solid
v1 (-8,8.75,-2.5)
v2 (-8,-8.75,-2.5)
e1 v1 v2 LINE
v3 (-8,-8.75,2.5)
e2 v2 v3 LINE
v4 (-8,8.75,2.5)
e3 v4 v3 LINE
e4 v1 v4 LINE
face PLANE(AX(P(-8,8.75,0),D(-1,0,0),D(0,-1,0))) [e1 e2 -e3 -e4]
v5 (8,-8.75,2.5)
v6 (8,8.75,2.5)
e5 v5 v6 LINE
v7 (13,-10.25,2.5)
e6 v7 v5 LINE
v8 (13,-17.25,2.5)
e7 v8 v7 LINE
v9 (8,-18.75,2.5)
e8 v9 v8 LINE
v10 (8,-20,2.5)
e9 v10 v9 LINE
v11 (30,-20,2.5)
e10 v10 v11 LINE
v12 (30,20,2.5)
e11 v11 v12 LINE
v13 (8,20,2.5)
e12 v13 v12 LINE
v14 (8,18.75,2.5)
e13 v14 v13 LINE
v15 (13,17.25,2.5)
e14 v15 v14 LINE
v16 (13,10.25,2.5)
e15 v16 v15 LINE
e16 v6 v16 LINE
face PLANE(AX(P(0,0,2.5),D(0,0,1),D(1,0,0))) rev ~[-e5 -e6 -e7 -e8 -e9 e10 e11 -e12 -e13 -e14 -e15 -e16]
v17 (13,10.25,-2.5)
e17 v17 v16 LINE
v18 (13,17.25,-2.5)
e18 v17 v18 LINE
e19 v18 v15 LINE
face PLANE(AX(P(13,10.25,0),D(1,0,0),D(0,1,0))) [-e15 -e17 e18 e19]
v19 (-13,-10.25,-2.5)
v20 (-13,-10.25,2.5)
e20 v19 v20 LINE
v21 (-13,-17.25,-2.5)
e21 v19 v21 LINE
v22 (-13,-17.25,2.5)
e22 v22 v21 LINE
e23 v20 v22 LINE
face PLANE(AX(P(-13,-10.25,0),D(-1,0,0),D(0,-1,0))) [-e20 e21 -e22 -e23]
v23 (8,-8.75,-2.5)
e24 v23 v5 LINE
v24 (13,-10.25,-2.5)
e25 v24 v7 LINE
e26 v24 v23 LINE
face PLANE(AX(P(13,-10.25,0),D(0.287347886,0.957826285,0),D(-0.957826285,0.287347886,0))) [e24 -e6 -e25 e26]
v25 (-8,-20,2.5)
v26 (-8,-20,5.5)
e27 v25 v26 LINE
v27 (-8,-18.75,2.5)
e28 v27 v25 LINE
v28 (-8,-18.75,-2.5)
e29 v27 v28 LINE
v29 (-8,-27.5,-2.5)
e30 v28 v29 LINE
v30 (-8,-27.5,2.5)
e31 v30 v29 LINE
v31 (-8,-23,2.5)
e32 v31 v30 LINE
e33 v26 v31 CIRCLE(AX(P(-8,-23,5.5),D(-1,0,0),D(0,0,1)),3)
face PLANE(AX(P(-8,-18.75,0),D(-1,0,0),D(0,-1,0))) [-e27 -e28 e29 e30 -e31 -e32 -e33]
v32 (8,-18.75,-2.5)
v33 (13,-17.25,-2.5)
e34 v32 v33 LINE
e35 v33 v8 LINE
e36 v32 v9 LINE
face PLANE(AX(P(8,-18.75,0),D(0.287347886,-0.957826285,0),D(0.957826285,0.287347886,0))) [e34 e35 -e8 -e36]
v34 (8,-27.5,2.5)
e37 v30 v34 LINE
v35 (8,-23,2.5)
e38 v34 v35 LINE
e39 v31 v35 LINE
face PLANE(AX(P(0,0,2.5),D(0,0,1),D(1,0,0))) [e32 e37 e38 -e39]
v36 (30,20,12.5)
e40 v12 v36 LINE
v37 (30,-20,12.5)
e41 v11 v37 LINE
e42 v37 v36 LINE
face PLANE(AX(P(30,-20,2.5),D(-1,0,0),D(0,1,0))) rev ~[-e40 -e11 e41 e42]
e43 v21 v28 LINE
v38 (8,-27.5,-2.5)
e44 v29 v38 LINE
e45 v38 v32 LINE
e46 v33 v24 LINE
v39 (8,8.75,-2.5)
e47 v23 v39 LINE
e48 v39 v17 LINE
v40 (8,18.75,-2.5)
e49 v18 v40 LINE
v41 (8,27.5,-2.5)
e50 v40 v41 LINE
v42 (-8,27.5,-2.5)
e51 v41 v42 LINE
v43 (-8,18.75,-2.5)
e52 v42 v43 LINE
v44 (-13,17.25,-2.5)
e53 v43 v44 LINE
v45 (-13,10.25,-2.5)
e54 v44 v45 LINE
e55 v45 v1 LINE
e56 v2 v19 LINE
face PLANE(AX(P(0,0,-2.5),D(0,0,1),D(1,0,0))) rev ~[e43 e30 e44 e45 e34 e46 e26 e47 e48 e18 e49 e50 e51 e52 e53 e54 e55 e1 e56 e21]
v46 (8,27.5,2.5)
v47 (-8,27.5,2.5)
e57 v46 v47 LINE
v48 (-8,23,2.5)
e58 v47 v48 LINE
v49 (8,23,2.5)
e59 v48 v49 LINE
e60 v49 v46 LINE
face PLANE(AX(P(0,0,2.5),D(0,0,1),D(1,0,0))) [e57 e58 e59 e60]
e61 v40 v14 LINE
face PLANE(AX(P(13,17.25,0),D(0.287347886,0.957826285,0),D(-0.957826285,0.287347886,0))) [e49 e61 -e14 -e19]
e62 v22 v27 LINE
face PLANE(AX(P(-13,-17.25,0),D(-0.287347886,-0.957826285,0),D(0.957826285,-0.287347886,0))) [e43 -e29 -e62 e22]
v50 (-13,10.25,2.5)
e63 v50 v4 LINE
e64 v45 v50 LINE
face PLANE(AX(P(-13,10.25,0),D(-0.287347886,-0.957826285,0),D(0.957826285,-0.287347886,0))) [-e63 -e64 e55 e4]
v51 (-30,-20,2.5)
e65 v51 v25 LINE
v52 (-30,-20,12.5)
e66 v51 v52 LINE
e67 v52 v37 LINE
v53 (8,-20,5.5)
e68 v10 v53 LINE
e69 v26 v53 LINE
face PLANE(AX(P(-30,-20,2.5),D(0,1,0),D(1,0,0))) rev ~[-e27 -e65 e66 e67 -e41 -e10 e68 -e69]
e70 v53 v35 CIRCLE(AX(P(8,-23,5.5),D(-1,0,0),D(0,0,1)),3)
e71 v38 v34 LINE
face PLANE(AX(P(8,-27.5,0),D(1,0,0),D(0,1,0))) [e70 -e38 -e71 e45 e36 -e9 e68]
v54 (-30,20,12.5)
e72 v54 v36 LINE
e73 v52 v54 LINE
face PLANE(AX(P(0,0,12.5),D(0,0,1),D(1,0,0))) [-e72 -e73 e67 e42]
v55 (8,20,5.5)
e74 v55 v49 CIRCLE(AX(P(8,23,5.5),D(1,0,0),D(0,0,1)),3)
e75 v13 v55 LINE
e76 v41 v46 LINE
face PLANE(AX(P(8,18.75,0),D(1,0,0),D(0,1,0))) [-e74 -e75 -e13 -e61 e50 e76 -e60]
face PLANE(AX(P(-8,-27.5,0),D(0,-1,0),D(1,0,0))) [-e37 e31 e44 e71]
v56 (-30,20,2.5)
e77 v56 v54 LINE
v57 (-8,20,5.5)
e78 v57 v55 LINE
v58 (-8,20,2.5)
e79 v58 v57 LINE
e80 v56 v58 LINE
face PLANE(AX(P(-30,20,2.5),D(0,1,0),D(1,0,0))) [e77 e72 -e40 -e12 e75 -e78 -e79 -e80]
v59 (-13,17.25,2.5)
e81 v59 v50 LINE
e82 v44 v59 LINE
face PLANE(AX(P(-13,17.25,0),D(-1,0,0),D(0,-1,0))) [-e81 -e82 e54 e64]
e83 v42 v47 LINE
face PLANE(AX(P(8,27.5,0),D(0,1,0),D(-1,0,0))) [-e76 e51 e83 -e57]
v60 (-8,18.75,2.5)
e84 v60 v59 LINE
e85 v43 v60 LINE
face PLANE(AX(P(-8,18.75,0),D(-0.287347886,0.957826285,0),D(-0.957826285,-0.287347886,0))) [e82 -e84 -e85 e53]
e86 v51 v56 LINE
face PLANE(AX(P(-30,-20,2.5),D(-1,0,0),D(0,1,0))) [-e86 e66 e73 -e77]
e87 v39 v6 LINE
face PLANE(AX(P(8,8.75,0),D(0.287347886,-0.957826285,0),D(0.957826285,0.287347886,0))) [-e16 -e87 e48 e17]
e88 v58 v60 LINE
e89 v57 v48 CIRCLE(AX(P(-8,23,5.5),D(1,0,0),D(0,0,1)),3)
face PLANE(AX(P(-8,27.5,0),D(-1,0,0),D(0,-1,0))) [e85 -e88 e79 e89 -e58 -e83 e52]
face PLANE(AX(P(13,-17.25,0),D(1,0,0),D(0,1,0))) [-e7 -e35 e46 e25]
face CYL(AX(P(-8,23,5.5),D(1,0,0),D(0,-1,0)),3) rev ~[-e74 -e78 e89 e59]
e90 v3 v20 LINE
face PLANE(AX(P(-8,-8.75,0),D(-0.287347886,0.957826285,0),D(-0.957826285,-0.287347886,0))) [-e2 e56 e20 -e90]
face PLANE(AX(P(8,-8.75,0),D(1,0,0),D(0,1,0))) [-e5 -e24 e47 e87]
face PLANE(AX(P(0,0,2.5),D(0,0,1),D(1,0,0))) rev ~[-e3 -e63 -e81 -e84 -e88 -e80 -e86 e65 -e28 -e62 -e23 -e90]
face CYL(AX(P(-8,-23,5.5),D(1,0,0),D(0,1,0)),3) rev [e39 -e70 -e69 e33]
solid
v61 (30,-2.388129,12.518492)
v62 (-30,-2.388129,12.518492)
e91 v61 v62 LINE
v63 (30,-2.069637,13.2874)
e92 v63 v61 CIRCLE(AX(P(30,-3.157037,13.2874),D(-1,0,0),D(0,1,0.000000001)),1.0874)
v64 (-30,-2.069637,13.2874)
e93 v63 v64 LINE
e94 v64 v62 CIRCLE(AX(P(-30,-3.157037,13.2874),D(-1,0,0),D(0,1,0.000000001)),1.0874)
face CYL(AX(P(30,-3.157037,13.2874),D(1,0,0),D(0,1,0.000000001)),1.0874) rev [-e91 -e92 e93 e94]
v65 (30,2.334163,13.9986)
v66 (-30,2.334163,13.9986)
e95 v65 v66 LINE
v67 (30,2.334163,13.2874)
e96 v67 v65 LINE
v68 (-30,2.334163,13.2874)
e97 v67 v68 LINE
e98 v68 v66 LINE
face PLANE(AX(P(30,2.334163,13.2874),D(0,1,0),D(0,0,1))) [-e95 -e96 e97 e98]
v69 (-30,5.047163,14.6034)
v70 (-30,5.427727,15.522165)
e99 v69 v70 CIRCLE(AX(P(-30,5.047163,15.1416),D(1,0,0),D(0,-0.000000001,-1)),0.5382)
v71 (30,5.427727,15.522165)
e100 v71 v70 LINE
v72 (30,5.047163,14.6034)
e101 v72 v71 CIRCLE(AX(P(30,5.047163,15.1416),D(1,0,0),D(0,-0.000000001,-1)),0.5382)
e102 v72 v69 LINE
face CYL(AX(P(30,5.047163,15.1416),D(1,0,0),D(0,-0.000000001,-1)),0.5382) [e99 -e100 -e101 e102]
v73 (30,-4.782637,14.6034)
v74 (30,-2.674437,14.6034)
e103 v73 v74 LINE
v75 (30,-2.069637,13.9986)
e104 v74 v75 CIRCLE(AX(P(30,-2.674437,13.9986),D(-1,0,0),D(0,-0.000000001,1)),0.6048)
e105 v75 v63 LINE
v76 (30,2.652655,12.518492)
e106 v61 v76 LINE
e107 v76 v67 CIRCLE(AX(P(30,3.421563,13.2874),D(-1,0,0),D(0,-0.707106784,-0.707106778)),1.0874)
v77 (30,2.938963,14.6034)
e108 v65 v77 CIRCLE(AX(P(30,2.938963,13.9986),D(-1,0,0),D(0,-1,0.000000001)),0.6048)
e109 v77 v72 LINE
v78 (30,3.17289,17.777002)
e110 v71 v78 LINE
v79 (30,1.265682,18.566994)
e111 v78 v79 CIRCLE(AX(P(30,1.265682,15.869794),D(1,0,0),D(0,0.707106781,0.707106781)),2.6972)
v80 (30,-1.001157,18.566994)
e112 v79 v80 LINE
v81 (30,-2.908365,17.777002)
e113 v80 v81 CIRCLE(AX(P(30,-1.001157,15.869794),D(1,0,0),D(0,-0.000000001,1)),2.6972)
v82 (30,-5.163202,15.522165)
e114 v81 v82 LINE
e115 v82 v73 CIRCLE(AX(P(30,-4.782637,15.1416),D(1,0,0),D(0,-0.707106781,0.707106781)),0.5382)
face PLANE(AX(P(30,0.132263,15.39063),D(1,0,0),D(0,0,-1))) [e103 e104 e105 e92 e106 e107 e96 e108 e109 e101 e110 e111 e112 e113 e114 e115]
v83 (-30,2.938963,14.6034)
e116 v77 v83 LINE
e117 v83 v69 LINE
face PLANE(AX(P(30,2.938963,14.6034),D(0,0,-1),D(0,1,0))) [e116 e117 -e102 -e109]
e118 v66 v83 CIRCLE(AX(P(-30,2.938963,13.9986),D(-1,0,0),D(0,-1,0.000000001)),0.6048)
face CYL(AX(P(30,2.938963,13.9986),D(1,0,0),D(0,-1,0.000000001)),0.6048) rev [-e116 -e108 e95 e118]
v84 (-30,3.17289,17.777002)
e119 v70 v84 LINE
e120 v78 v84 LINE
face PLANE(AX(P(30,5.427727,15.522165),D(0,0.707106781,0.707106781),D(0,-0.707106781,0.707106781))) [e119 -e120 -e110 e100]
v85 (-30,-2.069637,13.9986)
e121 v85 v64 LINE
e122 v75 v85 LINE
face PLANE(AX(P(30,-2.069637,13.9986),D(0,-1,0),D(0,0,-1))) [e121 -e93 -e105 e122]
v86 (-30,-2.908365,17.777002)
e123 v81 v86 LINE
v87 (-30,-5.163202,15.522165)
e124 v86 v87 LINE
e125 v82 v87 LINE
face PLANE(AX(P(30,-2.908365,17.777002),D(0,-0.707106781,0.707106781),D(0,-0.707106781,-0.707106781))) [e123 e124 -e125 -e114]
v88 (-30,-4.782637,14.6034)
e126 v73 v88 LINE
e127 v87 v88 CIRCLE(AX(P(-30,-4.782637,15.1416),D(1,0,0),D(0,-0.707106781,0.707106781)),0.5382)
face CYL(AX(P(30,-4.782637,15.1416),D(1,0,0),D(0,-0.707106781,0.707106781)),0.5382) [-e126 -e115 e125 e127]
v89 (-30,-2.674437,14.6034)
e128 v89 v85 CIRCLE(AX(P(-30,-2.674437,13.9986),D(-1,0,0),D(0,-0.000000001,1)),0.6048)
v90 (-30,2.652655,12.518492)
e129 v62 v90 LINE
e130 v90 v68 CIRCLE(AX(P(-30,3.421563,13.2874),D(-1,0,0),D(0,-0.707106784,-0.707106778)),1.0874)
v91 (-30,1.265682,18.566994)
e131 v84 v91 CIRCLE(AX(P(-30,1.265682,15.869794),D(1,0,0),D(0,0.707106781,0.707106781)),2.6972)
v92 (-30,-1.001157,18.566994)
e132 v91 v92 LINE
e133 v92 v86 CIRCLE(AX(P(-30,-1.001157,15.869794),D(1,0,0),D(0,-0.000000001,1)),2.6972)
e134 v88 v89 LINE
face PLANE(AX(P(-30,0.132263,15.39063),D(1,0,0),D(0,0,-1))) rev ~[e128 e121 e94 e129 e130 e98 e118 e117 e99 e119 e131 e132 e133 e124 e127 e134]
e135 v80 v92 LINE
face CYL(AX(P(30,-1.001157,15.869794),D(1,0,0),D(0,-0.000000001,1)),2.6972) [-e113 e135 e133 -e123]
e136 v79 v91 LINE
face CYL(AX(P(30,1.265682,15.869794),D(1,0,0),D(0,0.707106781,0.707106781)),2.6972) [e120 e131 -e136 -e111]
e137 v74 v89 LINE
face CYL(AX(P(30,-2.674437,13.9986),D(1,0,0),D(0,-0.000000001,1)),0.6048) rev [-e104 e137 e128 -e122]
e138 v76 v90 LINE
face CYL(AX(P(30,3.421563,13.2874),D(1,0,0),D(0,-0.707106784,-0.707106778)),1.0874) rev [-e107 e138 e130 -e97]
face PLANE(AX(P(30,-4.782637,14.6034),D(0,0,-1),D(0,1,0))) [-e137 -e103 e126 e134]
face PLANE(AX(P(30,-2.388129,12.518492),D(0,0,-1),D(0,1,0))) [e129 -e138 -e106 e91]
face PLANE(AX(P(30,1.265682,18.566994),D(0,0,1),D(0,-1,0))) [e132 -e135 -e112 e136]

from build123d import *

# Parameters (mm, degrees)
BOSS_EXTRUDE1_DEPTH = 2.5
SKETCH3_W           = 60
SKETCH3_H           = 40
BOSS_EXTRUDE2_DEPTH = 10
BOSS_EXTRUDE3_DEPTH = 60
FILLET4_R           = 3


with BuildPart() as part:
    # Sketch2 → Boss-Extrude1 (new, symmetric)
    with BuildSketch(Plane.XY):
        Polygon((-8, -27.5), (8, -27.5), (8, -18.75), (13, -17.25), (13, -10.25), (8, -8.75), (8, 8.75), (13, 10.25), (13, 17.25), (8, 18.75), (8, 27.5), (-8, 27.5), (-8, 18.75), (-13, 17.25), (-13, 10.25), (-8, 8.75), (-8, -8.75), (-13, -10.25), (-13, -17.25), (-8, -18.75), align=None)
    extrude(amount=BOSS_EXTRUDE1_DEPTH, both=True)

    # Sketch3 → Boss-Extrude2 (add)
    with BuildSketch(Plane.XY.offset(2.5)):
        Rectangle(SKETCH3_W, SKETCH3_H)
    extrude(amount=BOSS_EXTRUDE2_DEPTH)

    # Fillet4
    fillet4_edges = [part.edges().sort_by_distance(p)[0] for p in [
        (0, -20, 2.5),
        (0, 20, 2.5),
    ]]
    fillet(fillet4_edges, radius=FILLET4_R)


with BuildPart() as body_2:
    # Sketch5 → Boss-Extrude3 (new, through all)
    with BuildSketch(Plane(origin=(30, 0, 0), x_dir=(0, 0, -1), z_dir=(1, 0, 0))):
        with BuildLine():
            ThreePointArc((-14.6034, 5.0471626), (-14.935639777, 5.544394565), (-15.52216487, 5.42772747))
            Line((-15.52216487, 5.42772747), (-17.777002218, 3.172890121))
            ThreePointArc((-17.777002218, 3.172890121), (-18.361681683, 2.297855465), (-18.566993808, 1.265681711))
            Line((-18.566993808, 1.265681711), (-18.566993808, -1.001156511))
            ThreePointArc((-18.566993808, -1.001156511), (-18.361681683, -2.033330264), (-17.777002218, -2.908364921))
            Line((-17.777002218, -2.908364921), (-15.52216487, -5.163202269))
            ThreePointArc((-15.52216487, -5.163202269), (-14.935639777, -5.279869364), (-14.6034, -4.7826374))
            Line((-14.6034, -4.7826374), (-14.6034, -2.6744374))
            ThreePointArc((-14.6034, -2.6744374), (-14.426258181, -2.246779218), (-13.9986, -2.0696374))
            Line((-13.9986, -2.0696374), (-13.2874, -2.0696374))
            ThreePointArc((-13.2874, -2.0696374), (-12.871270036, -2.152410796), (-12.518492086, -2.388129486))
            Line((-12.518492086, -2.388129486), (-12.518492086, 2.652654686))
            ThreePointArc((-12.518492086, 2.652654686), (-12.871270036, 2.416935997), (-13.2874, 2.3341626))
            Line((-13.2874, 2.3341626), (-13.9986, 2.3341626))
            ThreePointArc((-13.9986, 2.3341626), (-14.426258181, 2.511304419), (-14.6034, 2.9389626))
            Line((-14.6034, 2.9389626), (-14.6034, 5.0471626))
        make_face()
    extrude(amount=-BOSS_EXTRUDE3_DEPTH)


solid = Compound([part.part, body_2.part])
